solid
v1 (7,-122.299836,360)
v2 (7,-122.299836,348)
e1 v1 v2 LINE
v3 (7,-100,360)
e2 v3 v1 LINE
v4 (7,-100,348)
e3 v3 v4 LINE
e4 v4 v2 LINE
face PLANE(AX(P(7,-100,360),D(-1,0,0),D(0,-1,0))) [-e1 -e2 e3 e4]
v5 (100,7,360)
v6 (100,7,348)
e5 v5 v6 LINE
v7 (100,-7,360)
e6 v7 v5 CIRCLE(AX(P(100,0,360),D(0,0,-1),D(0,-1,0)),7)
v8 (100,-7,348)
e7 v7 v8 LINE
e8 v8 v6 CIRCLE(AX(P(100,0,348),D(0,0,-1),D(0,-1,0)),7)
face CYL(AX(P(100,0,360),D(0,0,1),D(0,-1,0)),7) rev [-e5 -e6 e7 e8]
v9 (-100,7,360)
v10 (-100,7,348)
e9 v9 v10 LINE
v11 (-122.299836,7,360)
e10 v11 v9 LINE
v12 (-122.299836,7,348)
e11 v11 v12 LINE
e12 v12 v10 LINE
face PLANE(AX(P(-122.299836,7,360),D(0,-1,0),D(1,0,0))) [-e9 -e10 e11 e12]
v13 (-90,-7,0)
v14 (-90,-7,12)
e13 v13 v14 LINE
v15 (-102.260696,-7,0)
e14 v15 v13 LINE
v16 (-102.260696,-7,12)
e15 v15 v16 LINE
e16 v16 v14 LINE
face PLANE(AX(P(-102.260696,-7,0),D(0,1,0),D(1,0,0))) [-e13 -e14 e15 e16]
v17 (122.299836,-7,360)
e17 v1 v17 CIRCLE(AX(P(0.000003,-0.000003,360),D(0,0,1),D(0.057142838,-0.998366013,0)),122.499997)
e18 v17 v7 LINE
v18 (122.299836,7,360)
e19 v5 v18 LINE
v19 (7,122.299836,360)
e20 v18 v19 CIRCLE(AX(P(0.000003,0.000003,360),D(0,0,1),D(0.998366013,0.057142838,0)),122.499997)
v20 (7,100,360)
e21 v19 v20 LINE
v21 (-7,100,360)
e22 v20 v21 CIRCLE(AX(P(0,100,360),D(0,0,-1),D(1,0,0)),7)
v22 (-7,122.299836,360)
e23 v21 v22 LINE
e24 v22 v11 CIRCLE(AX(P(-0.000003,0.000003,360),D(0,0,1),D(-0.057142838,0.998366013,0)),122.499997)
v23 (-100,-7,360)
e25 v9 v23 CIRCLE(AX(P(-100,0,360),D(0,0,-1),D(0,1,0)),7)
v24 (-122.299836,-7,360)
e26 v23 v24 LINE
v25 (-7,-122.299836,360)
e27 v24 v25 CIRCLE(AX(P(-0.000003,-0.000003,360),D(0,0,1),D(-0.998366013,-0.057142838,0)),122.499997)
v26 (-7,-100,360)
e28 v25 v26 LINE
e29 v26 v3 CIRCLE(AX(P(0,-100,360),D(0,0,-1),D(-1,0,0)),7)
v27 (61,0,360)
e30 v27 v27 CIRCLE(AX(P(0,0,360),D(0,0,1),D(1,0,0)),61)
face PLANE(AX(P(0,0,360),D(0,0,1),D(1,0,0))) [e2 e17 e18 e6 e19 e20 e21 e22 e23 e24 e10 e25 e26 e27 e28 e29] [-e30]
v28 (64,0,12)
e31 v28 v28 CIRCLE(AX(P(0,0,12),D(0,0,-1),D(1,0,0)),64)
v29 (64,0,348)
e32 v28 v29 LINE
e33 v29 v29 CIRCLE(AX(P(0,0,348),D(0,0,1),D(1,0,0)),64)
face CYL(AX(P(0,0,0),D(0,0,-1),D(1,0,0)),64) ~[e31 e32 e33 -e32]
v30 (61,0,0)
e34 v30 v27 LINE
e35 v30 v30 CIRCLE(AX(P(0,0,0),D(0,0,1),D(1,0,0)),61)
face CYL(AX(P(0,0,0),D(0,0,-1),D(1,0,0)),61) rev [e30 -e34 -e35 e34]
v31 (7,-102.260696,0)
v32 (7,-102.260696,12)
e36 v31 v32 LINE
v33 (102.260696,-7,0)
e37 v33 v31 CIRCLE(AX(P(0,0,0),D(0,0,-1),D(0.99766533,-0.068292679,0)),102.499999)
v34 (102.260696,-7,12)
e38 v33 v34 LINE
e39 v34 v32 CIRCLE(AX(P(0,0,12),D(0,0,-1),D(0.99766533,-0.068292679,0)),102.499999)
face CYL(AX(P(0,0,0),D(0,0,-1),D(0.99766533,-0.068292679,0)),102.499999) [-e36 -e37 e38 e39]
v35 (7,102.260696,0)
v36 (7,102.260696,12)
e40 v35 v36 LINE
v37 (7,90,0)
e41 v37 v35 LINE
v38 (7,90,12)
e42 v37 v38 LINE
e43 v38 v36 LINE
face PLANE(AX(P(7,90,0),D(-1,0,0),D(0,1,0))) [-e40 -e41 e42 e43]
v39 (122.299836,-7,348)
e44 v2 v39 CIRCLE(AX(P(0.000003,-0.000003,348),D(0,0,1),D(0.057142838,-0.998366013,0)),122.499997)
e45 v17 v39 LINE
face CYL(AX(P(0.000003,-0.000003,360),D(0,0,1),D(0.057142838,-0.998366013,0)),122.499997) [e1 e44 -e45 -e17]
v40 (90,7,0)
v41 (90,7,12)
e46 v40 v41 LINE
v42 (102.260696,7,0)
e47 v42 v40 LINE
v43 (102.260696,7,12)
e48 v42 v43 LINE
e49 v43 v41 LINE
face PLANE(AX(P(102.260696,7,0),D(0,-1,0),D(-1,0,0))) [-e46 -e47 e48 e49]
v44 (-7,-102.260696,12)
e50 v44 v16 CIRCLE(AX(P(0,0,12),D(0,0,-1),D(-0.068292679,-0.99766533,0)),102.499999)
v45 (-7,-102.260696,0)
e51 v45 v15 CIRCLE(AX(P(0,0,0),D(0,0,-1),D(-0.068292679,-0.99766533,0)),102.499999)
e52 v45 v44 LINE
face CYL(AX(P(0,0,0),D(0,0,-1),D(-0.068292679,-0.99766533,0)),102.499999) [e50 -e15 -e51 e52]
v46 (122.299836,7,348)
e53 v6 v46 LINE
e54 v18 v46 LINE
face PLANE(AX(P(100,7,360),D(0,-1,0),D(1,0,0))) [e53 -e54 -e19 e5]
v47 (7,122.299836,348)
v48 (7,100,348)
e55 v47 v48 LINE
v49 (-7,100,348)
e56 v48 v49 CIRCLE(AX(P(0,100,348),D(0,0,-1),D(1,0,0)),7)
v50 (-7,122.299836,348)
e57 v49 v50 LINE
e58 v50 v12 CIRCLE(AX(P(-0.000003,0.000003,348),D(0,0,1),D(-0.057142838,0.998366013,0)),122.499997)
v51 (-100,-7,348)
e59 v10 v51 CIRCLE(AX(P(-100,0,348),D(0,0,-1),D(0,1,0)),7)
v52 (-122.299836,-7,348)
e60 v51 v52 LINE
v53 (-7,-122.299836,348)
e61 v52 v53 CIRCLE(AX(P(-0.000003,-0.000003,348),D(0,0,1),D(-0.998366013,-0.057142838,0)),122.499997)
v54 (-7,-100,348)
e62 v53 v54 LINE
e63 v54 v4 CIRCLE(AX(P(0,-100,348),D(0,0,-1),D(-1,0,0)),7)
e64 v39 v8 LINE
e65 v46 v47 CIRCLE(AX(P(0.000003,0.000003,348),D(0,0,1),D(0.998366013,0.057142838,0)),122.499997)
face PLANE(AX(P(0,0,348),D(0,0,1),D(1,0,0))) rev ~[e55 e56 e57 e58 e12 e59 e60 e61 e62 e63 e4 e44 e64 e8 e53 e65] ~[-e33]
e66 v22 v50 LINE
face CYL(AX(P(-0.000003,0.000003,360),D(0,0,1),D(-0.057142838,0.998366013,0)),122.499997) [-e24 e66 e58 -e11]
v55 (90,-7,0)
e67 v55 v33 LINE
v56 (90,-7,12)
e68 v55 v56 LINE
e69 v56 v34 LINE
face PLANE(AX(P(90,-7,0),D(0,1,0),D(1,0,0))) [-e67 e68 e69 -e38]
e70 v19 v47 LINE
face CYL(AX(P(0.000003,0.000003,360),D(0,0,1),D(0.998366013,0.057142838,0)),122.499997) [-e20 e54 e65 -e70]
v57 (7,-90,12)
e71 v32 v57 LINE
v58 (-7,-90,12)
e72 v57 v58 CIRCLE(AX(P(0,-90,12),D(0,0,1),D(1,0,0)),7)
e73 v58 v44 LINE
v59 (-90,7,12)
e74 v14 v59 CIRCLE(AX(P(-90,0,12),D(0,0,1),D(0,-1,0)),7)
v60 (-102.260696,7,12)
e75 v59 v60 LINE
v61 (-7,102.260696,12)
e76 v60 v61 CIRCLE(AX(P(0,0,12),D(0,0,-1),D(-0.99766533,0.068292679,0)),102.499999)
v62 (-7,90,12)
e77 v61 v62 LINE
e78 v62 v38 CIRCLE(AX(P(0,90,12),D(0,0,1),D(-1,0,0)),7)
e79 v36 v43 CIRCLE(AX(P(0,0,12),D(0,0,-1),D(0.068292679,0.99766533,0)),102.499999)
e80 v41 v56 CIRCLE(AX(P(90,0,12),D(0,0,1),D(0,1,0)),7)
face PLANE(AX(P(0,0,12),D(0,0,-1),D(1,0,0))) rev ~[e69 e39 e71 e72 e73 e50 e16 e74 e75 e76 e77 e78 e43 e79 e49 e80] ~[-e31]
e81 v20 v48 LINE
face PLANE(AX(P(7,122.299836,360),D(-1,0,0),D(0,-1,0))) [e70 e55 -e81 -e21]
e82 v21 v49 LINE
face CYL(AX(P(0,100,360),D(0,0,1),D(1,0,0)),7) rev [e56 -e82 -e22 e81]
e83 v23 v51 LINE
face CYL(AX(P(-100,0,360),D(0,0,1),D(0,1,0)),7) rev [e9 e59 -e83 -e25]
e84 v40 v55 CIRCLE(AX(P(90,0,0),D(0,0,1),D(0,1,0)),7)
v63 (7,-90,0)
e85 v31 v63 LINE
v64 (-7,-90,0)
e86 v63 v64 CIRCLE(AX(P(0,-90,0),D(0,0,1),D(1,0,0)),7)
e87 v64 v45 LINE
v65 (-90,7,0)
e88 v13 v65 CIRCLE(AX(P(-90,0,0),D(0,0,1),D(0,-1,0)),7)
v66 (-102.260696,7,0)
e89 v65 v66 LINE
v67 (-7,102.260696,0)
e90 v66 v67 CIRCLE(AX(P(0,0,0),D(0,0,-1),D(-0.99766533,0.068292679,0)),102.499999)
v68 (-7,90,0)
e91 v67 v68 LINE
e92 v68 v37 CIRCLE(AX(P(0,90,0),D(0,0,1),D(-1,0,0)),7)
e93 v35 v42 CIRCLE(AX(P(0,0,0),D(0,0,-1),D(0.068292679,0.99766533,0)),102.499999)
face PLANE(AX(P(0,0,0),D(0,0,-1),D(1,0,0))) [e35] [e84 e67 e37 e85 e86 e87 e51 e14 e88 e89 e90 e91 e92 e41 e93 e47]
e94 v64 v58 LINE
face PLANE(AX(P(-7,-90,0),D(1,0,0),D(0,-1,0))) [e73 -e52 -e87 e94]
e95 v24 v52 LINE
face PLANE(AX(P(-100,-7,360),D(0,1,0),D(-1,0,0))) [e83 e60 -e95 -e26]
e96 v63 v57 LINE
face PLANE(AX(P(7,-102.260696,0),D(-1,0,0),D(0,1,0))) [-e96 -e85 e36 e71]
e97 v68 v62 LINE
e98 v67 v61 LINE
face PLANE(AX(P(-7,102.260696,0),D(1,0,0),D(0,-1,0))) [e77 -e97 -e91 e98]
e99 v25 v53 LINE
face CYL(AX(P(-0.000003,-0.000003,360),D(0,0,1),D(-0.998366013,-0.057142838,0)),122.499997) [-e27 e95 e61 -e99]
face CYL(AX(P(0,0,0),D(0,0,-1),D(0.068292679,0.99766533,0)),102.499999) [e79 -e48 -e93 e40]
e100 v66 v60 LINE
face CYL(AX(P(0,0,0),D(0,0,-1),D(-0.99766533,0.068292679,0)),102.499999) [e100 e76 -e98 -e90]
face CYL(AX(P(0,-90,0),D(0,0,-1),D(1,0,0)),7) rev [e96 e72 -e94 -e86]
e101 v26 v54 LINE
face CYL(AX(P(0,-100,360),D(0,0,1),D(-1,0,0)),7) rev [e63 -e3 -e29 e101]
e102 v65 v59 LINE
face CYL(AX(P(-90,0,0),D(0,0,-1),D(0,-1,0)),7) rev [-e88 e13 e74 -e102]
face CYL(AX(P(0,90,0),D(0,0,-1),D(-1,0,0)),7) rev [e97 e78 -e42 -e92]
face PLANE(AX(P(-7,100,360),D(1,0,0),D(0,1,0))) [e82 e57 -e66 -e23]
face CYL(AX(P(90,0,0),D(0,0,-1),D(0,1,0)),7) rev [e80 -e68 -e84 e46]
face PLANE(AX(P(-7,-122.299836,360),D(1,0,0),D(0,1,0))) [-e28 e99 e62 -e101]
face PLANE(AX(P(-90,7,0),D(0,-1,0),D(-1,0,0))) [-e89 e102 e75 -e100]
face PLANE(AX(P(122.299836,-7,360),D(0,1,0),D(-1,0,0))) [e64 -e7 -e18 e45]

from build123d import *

# Parameters (mm, degrees)
F0_R     = 64
F0_R_2   = 61
F1_DEPTH = 360
F2_R     = 64
F3_DEPTH = 12
F4_R     = 64
F5_DEPTH = 12


with BuildPart() as f1:
    # F0 (on Top) → F1 (new body)
    with BuildSketch(Plane.XY):
        Circle(F0_R)
        Circle(F0_R_2, mode=Mode.SUBTRACT)
    extrude(amount=F1_DEPTH)

    # F2 (on face) → F3 (join)
    with BuildSketch(Plane.XY.offset(360)):
        with BuildLine():
            Line((-100, -7), (-122.299836, -7))
            ThreePointArc((-122.299836, -7), (-86.620581, -86.620581), (-7, -122.299836))
            Line((-7, -122.299836), (-7, -100))
            ThreePointArc((-7, -100), (0, -93), (7, -100))
            Line((7, -100), (7, -122.299836))
            ThreePointArc((7, -122.299836), (86.620581, -86.620581), (122.299836, -7))
            Line((122.299836, -7), (100, -7))
            ThreePointArc((100, -7), (93, 0), (100, 7))
            Line((100, 7), (122.299836, 7))
            ThreePointArc((122.299836, 7), (86.620581, 86.620581), (7, 122.299836))
            Line((7, 122.299836), (7, 100))
            ThreePointArc((7, 100), (0, 93), (-7, 100))
            Line((-7, 100), (-7, 122.299836))
            ThreePointArc((-7, 122.299836), (-86.620581, 86.620581), (-122.299836, 7))
            Line((-122.299836, 7), (-100, 7))
            ThreePointArc((-100, 7), (-93, 0), (-100, -7))
        make_face()
        Circle(F2_R, mode=Mode.SUBTRACT)
    extrude(amount=-F3_DEPTH)

    # F4 (on face) → F5 (join)
    with BuildSketch(Plane(origin=(0, 0, 0), x_dir=(1, 0, 0), z_dir=(0, 0, -1))):
        with BuildLine():
            Line((-7, 90), (-7, 102.260696))
            ThreePointArc((-7, 102.260696), (-72.478445, 72.478445), (-102.260696, 7))
            Line((-102.260696, 7), (-90, 7))
            ThreePointArc((-90, 7), (-83, 0), (-90, -7))
            Line((-90, -7), (-102.260696, -7))
            ThreePointArc((-102.260696, -7), (-72.478445, -72.478445), (-7, -102.260696))
            Line((-7, -102.260696), (-7, -90))
            ThreePointArc((-7, -90), (0, -83), (7, -90))
            Line((7, -90), (7, -102.260696))
            ThreePointArc((7, -102.260696), (72.478445, -72.478445), (102.260696, -7))
            Line((102.260696, -7), (90, -7))
            ThreePointArc((90, -7), (83, 0), (90, 7))
            Line((90, 7), (102.260696, 7))
            ThreePointArc((102.260696, 7), (72.478445, 72.478445), (7, 102.260696))
            Line((7, 102.260696), (7, 90))
            ThreePointArc((7, 90), (0, 83), (-7, 90))
        make_face()
        Circle(F4_R, mode=Mode.SUBTRACT)
    extrude(amount=-F5_DEPTH)


solid = f1.part
